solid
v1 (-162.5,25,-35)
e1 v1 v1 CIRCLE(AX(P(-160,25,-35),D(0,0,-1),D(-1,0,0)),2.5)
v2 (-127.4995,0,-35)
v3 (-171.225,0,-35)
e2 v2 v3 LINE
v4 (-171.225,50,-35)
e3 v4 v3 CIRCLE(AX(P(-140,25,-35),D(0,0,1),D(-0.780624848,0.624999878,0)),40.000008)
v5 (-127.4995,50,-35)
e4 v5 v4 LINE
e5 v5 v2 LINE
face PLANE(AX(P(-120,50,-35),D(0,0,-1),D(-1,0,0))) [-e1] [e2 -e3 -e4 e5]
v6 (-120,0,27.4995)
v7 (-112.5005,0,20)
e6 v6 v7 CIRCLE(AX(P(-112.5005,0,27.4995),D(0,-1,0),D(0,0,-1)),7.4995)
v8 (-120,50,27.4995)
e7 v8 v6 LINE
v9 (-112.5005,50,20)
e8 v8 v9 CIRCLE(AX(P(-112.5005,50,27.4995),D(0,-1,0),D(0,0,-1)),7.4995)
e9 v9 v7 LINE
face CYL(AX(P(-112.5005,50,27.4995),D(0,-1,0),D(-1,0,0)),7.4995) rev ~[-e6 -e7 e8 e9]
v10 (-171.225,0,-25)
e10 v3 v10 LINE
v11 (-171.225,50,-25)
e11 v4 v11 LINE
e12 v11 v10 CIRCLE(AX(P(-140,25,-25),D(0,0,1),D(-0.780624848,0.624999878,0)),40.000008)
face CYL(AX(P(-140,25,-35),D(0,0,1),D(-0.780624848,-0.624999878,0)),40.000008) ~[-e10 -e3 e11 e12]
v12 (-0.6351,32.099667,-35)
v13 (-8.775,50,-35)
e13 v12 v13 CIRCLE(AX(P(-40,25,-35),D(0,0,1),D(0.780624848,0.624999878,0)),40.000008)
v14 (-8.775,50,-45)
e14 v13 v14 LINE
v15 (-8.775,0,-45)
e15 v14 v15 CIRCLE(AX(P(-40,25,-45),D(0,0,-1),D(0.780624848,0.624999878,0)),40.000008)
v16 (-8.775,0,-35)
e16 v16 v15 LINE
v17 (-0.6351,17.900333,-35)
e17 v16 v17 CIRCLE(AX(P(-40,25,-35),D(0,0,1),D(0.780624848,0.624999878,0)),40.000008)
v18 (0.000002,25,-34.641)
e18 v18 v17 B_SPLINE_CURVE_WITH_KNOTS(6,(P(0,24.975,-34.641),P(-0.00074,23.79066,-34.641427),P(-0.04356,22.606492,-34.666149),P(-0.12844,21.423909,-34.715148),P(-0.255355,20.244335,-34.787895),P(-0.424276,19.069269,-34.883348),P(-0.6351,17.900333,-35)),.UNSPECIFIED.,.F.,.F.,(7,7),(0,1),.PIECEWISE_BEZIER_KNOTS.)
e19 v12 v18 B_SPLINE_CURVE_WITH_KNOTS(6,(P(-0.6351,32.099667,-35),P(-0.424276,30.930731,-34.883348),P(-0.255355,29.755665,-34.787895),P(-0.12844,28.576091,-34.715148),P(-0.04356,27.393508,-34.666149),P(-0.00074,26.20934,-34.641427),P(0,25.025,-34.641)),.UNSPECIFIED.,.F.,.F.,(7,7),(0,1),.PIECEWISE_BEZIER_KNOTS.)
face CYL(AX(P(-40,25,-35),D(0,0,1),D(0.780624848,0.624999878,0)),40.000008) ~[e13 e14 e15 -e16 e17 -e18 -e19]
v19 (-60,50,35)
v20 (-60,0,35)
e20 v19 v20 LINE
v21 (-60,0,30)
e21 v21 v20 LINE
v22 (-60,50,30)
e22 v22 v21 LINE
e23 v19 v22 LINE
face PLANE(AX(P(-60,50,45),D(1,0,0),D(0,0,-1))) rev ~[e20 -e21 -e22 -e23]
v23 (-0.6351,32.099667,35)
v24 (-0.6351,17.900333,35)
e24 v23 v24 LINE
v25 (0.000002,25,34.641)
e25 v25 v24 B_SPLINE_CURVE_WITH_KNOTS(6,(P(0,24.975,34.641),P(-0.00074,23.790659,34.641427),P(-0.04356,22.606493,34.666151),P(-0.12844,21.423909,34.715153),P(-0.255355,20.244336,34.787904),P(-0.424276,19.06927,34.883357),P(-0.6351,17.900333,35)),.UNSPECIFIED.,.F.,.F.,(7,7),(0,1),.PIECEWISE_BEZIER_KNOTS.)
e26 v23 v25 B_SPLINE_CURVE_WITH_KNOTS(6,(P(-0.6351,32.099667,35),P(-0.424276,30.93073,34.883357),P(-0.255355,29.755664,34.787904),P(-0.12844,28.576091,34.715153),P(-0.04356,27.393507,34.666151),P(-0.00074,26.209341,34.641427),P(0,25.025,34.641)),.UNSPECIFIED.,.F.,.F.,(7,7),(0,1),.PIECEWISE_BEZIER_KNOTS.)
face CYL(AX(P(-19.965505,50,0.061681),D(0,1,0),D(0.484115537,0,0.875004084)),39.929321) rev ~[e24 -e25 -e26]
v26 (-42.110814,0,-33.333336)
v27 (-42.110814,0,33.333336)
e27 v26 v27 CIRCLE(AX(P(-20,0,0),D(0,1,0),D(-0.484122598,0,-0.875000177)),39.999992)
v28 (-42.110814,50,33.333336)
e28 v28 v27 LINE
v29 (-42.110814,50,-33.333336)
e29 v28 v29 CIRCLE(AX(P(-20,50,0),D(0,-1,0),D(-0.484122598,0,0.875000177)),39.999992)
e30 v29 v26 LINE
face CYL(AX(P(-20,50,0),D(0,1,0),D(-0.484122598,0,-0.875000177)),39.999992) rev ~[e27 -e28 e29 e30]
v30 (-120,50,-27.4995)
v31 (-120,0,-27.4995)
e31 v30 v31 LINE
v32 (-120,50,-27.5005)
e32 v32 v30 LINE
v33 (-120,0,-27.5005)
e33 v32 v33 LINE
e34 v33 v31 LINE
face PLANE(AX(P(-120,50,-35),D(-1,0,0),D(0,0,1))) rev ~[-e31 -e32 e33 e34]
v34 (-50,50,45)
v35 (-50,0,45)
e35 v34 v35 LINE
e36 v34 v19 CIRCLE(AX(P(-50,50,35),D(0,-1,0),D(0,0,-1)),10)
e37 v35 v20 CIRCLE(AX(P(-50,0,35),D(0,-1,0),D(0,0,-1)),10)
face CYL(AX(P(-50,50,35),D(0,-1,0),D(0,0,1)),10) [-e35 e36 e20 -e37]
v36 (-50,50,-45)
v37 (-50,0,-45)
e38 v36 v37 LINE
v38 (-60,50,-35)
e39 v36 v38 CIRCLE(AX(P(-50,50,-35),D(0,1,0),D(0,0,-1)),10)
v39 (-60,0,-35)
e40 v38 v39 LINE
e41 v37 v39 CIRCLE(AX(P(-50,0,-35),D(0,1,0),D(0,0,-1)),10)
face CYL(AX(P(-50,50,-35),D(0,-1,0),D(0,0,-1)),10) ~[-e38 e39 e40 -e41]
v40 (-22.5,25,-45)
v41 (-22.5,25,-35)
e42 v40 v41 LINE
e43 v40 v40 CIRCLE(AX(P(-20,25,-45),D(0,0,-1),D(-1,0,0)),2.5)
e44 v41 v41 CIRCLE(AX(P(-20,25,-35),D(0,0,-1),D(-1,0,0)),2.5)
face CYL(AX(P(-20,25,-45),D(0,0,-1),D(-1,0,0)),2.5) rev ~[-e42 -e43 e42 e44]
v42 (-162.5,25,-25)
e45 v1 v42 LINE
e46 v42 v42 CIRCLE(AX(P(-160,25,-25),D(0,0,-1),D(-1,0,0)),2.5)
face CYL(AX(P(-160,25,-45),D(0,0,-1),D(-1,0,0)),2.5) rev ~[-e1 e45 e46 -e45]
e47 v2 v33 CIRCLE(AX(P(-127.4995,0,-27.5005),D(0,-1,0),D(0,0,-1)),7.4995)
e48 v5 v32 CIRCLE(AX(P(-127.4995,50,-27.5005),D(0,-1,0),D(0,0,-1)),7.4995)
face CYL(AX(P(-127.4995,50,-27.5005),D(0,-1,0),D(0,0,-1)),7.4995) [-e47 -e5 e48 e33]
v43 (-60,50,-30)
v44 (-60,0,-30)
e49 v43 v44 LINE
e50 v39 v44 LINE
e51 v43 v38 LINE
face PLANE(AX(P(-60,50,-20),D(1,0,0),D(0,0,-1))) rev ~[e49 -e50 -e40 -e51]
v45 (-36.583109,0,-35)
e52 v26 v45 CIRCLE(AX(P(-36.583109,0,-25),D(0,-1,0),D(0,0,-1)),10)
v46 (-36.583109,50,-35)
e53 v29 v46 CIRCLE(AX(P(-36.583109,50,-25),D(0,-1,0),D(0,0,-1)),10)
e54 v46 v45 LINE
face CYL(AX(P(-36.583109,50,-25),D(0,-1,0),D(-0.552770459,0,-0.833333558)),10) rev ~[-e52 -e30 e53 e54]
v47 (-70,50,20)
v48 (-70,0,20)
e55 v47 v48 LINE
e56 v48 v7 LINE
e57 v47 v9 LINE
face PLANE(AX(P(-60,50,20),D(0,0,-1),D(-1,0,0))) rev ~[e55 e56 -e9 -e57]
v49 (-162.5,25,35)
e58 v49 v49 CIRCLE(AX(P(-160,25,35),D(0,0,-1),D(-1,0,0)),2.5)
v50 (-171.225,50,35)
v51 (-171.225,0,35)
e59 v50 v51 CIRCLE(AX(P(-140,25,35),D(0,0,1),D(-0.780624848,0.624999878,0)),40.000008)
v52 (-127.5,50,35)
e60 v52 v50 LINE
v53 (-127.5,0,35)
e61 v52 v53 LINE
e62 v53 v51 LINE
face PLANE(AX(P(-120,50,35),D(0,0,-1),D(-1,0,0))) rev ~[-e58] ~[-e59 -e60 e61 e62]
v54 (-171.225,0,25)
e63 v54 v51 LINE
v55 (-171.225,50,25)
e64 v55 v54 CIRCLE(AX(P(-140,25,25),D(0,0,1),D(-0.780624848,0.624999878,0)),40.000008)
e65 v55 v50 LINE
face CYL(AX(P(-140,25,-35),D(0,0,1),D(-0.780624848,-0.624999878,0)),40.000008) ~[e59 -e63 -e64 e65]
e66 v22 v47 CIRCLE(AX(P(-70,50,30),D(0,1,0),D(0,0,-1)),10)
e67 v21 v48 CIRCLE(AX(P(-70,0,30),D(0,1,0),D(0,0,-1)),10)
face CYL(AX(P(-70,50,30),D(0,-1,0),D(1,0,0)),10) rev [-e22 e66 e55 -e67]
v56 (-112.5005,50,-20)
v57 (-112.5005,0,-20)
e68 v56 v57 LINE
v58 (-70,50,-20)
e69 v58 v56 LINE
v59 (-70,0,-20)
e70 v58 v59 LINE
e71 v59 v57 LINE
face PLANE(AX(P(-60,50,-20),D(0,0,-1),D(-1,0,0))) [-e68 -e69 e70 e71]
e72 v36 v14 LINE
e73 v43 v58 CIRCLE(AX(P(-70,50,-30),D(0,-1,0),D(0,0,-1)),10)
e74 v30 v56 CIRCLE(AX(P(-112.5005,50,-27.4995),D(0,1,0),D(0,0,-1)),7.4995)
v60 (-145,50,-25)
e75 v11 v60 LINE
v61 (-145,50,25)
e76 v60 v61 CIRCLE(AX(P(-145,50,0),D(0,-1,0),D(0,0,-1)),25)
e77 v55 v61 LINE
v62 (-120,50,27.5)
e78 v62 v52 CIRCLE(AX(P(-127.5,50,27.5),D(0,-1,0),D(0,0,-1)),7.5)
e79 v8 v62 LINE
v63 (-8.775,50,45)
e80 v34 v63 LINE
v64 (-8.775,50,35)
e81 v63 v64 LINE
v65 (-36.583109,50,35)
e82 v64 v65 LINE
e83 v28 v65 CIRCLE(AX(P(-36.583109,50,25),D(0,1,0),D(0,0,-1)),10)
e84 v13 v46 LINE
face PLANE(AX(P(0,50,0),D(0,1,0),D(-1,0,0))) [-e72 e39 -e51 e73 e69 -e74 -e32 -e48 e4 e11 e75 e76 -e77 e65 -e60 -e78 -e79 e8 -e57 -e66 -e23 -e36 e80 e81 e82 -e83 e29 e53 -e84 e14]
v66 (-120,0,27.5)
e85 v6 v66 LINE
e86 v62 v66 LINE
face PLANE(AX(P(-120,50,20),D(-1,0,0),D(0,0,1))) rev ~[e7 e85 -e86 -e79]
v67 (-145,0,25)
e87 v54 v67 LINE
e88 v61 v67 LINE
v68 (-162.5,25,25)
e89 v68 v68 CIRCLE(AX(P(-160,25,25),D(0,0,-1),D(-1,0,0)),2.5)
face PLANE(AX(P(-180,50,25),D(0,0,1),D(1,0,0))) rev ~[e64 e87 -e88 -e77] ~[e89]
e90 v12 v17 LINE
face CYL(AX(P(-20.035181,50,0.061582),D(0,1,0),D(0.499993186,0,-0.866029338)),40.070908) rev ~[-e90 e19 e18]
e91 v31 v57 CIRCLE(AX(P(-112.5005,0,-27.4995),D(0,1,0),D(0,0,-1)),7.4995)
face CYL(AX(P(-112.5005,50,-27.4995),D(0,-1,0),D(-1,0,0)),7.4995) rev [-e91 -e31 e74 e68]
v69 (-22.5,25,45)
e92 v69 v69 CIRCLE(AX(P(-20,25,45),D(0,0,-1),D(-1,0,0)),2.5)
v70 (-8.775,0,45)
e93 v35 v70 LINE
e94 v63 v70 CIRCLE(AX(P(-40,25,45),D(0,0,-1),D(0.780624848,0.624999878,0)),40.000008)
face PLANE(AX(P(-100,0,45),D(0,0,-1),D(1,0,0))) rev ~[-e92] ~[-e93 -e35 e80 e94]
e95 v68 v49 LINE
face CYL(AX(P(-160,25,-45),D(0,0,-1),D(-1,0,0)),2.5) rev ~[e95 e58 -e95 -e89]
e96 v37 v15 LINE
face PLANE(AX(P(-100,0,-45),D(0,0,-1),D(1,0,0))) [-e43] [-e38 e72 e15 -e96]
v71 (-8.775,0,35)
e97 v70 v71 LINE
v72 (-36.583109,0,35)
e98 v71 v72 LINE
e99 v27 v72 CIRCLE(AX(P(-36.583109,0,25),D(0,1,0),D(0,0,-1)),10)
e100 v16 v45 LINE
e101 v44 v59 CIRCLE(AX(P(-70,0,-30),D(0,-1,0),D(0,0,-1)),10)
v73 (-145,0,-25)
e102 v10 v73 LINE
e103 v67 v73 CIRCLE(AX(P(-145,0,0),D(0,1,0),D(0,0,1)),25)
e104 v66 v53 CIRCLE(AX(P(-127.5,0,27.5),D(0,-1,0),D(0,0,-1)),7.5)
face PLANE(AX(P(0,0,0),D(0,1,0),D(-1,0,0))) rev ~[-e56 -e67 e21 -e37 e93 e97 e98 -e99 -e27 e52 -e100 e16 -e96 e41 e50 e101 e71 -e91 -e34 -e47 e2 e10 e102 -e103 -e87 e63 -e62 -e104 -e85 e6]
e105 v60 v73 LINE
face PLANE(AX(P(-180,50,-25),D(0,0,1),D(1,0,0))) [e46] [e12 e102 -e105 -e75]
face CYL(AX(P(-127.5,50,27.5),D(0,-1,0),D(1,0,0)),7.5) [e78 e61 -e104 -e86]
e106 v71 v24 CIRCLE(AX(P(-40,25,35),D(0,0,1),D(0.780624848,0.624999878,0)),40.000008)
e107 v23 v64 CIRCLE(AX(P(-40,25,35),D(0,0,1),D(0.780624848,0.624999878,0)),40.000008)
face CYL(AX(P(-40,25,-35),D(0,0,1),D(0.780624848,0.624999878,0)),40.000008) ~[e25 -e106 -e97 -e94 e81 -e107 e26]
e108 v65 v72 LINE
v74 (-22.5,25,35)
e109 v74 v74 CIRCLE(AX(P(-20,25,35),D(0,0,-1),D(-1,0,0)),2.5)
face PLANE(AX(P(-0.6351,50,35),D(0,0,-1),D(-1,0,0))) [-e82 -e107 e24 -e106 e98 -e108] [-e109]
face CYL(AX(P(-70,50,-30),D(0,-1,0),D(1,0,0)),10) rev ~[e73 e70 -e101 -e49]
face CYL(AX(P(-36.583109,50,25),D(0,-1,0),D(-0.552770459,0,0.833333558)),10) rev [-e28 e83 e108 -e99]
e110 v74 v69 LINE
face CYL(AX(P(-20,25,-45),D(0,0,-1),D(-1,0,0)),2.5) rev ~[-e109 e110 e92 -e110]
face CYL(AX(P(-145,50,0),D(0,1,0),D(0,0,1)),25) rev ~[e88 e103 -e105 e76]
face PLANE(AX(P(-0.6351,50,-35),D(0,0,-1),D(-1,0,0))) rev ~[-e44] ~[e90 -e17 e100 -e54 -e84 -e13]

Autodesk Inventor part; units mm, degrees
ref_plane "YZ Plane" through (0, 0, 0) normal (1, 0, 0) x (0, 1, 0)
ref_plane "XZ Plane" through (0, 0, 0) normal (0, 1, 0) x (-1, 0, 0)
ref_plane "XY Plane" through (0, 0, 0) normal (0, 0, 1) x (1, 0, 0)
sketch "Sketch1" plane through (0, 0, 0) normal (0, 1, 0) x (-1, 0, 0)
  line L0 (100, -45) -> (0, -45)
  line L1 (0, -45) -> (0, 0)
  line L2 (100, 45) -> (0, 45)
  line L3 (0, 45) -> (0, 0)
  line L4 (100, -45) -> (180, -45)
  line L5 (100, 45) -> (180, 45)
  line L6 (180, -45) -> (180, 45)
  dimension "d0" = 100
extrude "Extrusion1" add sketch "Sketch1" along normal blind 50
sketch "Sketch2" plane through (0, 50, 0) normal (0, 1, 0) x (1, 0, 0)
  line L0 (-180, -45) -> (0, -45) projected
  line L1 (-60, -45) -> (-60, 45)
  line L2 (0, 45) -> (-180, 45) projected
  line L3 (-120, 45) -> (-120, -45)
  line L4 (-60, 0) -> (-60, 20)
  line L5 (-60, 20) -> (-60, 0)
  line L6 (-60, 0) -> (-60, -20)
  line L7 (-60, -20) -> (-120, -20)
  line L8 (-60, 20) -> (-120, 20)
  line L9 (-180, -45) -> (0, -45)
  line L10 (0, 45) -> (-180, 45)
  line L11 (-180, 45) -> (-180, -45) projected
  line L12 (-180, -45) -> (-180, 45)
  line L13 (-180, -25) -> (-180, -15)
  line L14 (-180, 25) -> (-180, 15)
  line L15 (0, -45) -> (0, 45) projected
  line L16 (0, 45) -> (0, 35)
  line L17 (0, 35) -> (-60, 35)
  line L18 (0, -45) -> (0, -35)
  line L19 (0, -35) -> (-60, -35)
  line L20 (0, 0) -> (-20, 0)
  arc A0 (-0.6351, -35) -> (0, -34.641) centre (-20, 0) ccw
  arc A1 (0, 34.641) -> (-0.6351, 35) centre (-20, 0) ccw
  arc A2 (-39.3649, 35) -> (-39.3649, -35) centre (-20, 0) ccw
  line L21 (-120, 35) -> (-180, 35)
  line L22 (-120, -35) -> (-180, -35)
  line L23 (-180, 35) -> (-180, 25)
  line L24 (-180, 25) -> (-145, 25)
  line L25 (-180, -35) -> (-180, -25)
  line L26 (-180, -25) -> (-145, -25)
  arc A3 (-145, -25) -> (-145, 25) centre (-145, 0) ccw
  dimension "d5" = 60
  dimension "d13" = 20
  dimension "d14" = 20
  dimension "d18" = 10
  dimension "d19" = 10
  dimension "d25" = 10
  dimension "d26" = 10
  dimension "d27" = 20
  dimension "d28" = 10
  dimension "d29" = 10
extrude "Extrusion2" cut sketch "Sketch2" against normal blind 50 contours L11 L22 L3 L0 | L3 L7 L1 L0 | L11 L24 A3 L26 | A2 L17 A1 L15 A0 L19 | L3 L2 L1 L8 | L21 L11 L2 L3
fillet "Fillet1" radius 10 1 edges at (-39.3649, 25, 35)
fillet "Fillet2" radius 10 1 edges at (-39.3649, 25, -35)
fillet "Fillet3" radius 10 1 edges at (-60, 25, 45)
fillet "Fillet4" radius 10 3 edges at (-60, 25, 20) (-60, 25, -20) (-60, 25, -45)
fillet "Fillet5" radius 7.5 1 edges at (-120, 25, 35)
fillet "Fillet6" radius 7.5 3 edges at (-120, 25, 20) (-120, 25, -20) (-120, 25, -35)
sketch "Sketch3" plane through (-180, 0, -35) normal (0, 0, -1) x (-1, 0, 0)
  line L0 (0, 0) -> (0, 50) projected
  arc A0 (-8.775, 0) -> (-8.775, 50) centre (-40, 25) ccw
  line L1 (0, 50) -> (-52.5, 50) projected
  line L2 (0, 50) -> (-8.775, 50)
  line L3 (-8.775, 0) -> (0, 0)
  line L4 (0, 0) -> (0, 50)
  line L5 (-180, 0) -> (-180, 50) projected
  arc A1 (-171.225, 50) -> (-171.225, 0) centre (-140, 25) ccw
  line L6 (-130, 0) -> (-180, 0) projected
  line L7 (-180, 0) -> (-171.225, 0)
  line L8 (-171.225, 50) -> (-180, 50)
  line L9 (-180, 50) -> (-180, 0)
  point P0 (-180, 25)
  point P1 (-171.225, 0)
  point P2 (-8.775, 50)
  point P3 (0, 25)
extrude "Extrusion3" cut sketch "Sketch3" along normal mid plane 200
sketch "Sketch4" plane through (-50, 0, -45) normal (0, 0, -1) x (-1, 0, 0)
  arc A0 (-41.225, 50) -> (-41.225, 0) centre (-10, 25) ccw projected
  circle A1 centre (-30, 25) radius 2.5
  arc A2 (121.225, 0) -> (121.225, 50) centre (90, 25) ccw projected
  circle A3 centre (110, 25) radius 2.5
  point P0 (-50, 0)
  dimension "d44" = 5
  dimension "d46" = 5
extrude "Extrusion4" cut sketch "Sketch4" against normal blind 200
sketch "Sketch5" plane through (0, 0, 0) normal (0, -1, 0) x (1, 0, 0)
  point P0 (0, 0)
sketch "Sketch6" plane through (-127.5, 0, 35) normal (0, 0, 1) x (1, 0, 0)
  point P0 (127.5, 0)
properties part number "PartArm"
